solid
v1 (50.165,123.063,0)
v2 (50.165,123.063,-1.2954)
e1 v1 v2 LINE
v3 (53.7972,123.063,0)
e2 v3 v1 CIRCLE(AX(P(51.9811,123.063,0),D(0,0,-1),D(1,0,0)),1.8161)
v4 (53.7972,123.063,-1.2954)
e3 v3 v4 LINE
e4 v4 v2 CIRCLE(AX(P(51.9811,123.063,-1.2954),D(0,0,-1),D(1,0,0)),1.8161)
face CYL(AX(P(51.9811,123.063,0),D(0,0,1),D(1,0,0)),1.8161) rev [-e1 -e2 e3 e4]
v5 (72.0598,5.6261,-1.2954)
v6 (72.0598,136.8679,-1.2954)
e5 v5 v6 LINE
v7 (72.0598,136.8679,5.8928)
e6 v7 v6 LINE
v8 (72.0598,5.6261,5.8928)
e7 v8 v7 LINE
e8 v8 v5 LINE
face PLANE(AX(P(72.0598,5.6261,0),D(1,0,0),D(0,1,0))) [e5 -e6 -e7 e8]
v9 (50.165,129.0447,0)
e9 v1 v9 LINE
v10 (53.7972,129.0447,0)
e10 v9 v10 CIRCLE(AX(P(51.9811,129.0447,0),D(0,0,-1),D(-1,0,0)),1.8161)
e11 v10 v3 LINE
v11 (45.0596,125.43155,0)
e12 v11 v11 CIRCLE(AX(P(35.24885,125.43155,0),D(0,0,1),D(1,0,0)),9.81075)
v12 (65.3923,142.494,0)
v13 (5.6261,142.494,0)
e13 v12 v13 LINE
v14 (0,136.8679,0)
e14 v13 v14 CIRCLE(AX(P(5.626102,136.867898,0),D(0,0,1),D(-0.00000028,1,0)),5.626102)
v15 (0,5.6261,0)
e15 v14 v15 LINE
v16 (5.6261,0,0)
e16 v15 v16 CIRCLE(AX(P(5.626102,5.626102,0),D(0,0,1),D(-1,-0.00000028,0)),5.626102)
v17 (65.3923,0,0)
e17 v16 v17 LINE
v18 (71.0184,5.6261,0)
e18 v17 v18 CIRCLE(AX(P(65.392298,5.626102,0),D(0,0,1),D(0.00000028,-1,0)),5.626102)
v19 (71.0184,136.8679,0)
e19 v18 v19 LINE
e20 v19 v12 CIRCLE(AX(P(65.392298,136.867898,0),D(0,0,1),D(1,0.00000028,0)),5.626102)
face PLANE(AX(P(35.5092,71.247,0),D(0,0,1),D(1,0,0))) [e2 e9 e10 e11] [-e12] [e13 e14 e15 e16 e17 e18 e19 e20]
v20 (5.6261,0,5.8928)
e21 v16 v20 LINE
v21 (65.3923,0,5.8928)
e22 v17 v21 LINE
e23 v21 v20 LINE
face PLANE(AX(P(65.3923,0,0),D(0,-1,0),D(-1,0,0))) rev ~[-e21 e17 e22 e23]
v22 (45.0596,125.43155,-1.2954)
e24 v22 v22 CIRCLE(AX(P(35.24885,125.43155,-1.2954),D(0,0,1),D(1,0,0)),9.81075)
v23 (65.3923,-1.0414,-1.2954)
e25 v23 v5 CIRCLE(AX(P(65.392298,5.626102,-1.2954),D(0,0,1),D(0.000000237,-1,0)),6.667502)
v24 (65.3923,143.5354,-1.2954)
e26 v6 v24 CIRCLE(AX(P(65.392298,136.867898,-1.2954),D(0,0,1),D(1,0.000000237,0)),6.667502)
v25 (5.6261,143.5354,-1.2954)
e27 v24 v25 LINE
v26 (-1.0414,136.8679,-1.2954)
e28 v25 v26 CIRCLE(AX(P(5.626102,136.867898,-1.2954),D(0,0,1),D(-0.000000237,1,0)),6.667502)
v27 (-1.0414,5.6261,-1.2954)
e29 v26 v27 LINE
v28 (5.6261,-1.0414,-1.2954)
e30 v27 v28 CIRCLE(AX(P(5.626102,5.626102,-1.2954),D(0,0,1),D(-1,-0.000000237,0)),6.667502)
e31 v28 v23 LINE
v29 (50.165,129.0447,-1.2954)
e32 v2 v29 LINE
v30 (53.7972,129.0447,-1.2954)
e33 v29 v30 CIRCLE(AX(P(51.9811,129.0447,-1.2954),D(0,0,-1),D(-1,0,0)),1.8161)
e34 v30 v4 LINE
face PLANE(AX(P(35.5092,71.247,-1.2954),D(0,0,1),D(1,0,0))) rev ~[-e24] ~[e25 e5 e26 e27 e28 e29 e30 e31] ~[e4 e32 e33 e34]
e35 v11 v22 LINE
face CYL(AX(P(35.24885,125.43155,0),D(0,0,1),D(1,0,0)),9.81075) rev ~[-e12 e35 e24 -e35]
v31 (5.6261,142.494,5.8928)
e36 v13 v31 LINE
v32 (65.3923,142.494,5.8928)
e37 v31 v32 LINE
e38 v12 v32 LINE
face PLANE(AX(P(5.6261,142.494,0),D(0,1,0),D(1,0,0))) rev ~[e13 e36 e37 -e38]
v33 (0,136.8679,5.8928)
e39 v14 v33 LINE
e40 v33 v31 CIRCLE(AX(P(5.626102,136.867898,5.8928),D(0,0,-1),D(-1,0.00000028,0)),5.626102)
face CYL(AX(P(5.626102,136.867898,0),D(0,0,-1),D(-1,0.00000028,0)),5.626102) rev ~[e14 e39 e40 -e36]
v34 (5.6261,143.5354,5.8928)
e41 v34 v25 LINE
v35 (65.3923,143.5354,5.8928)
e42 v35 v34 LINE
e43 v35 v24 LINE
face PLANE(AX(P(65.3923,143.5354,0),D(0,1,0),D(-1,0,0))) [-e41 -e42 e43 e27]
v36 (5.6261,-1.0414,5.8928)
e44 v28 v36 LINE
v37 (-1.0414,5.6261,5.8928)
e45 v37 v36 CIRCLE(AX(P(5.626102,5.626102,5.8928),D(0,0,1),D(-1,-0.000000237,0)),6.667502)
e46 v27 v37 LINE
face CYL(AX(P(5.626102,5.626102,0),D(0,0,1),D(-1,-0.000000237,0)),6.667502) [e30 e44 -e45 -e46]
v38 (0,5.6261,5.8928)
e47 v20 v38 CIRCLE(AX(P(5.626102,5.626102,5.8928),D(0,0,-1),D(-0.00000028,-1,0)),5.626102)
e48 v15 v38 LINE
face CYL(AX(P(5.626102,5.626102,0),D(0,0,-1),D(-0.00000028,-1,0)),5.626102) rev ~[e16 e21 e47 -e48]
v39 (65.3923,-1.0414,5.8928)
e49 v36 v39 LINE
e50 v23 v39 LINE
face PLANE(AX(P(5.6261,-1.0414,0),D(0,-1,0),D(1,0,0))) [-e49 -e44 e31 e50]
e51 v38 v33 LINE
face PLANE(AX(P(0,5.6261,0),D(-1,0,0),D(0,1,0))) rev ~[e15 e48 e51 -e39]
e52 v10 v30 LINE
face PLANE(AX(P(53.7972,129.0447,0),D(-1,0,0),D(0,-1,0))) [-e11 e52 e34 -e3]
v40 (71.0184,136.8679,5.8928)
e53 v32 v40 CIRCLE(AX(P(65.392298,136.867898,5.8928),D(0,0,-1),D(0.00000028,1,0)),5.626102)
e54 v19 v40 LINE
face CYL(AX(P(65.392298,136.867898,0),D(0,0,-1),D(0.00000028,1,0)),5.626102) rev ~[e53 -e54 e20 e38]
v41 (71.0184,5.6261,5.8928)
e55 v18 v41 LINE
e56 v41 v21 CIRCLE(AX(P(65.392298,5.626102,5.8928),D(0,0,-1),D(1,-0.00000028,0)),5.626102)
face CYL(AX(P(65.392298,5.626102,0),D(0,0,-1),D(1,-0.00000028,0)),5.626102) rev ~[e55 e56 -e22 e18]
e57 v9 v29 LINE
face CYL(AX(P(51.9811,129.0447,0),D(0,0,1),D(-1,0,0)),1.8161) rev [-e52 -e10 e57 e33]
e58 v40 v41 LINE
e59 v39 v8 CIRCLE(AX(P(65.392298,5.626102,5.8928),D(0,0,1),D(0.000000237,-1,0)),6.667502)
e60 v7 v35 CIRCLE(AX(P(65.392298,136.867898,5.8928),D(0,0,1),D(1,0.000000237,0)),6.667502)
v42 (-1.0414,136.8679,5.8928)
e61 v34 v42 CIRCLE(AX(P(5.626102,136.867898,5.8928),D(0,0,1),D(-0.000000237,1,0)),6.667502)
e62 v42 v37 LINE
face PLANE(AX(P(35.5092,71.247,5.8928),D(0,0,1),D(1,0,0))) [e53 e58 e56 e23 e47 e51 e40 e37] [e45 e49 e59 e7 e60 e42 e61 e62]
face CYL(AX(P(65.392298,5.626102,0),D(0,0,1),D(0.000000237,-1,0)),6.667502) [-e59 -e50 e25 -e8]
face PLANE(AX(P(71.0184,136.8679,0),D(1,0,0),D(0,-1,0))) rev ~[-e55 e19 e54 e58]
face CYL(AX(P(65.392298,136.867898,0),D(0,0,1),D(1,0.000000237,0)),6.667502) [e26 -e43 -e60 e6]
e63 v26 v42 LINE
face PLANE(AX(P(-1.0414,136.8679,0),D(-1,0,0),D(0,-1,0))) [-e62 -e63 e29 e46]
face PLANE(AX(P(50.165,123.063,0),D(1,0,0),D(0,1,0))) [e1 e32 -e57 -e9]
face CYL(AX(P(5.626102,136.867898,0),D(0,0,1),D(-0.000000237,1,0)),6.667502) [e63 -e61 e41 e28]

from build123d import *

# Parameters (mm, degrees)
F0_R          = 9.81075
F1_DEPTH      = 1.2954
F3_DEPTH      = 5.8928
F3_DEPTH_BACK = 1.2954


with BuildPart() as f1:
    # F0 (on Top) → F1 (new body)
    with BuildSketch(Plane.XY):
        with BuildLine():
            ThreePointArc((0, 5.6261), (1.647847, 1.647847), (5.6261, 0))
            Line((5.6261, 0), (65.3923, 0))
            ThreePointArc((65.3923, 0), (69.370553, 1.647847), (71.0184, 5.6261))
            Line((71.0184, 5.6261), (71.0184, 136.8679))
            ThreePointArc((71.0184, 136.8679), (69.370553, 140.846153), (65.3923, 142.494))
            Line((65.3923, 142.494), (5.6261, 142.494))
            ThreePointArc((5.6261, 142.494), (1.647847, 140.846153), (0, 136.8679))
            Line((0, 136.8679), (0, 5.6261))
        make_face()
        with Locations((35.24885, 125.43155)):
            Circle(F0_R, mode=Mode.SUBTRACT)
        with BuildLine():
            ThreePointArc((50.165, 129.0447), (51.9811, 130.8608), (53.7972, 129.0447))
            Line((53.7972, 129.0447), (53.7972, 123.063))
            ThreePointArc((53.7972, 123.063), (51.9811, 121.2469), (50.165, 123.063))
            Line((50.165, 123.063), (50.165, 129.0447))
        make_face(mode=Mode.SUBTRACT)
    extrude(amount=-F1_DEPTH)

    # F2 (on face) → F3 (join, two sides)
    with BuildSketch(Plane.XY) as f3_sk:
        with BuildLine():
            ThreePointArc((5.6261, 143.5354), (0.911466, 141.582534), (-1.0414, 136.8679))
            Line((-1.0414, 136.8679), (-1.0414, 5.6261))
            ThreePointArc((-1.0414, 5.6261), (0.911466, 0.911466), (5.6261, -1.0414))
            Line((5.6261, -1.0414), (65.3923, -1.0414))
            ThreePointArc((65.3923, -1.0414), (70.106934, 0.911466), (72.0598, 5.6261))
            Line((72.0598, 5.6261), (72.0598, 136.8679))
            ThreePointArc((72.0598, 136.8679), (70.106934, 141.582534), (65.3923, 143.5354))
            Line((65.3923, 143.5354), (5.6261, 143.5354))
        make_face()
        with BuildLine():
            ThreePointArc((5.6261, 0), (1.647847, 1.647847), (0, 5.6261))
            Line((0, 5.6261), (0, 136.8679))
            ThreePointArc((0, 136.8679), (1.647847, 140.846153), (5.6261, 142.494))
            Line((5.6261, 142.494), (65.3923, 142.494))
            ThreePointArc((65.3923, 142.494), (69.370553, 140.846153), (71.0184, 136.8679))
            Line((71.0184, 136.8679), (71.0184, 5.6261))
            ThreePointArc((71.0184, 5.6261), (69.370553, 1.647847), (65.3923, 0))
            Line((65.3923, 0), (5.6261, 0))
        make_face(mode=Mode.SUBTRACT)
    extrude(amount=F3_DEPTH)
    extrude(f3_sk.sketch, amount=-F3_DEPTH_BACK)


solid = f1.part
